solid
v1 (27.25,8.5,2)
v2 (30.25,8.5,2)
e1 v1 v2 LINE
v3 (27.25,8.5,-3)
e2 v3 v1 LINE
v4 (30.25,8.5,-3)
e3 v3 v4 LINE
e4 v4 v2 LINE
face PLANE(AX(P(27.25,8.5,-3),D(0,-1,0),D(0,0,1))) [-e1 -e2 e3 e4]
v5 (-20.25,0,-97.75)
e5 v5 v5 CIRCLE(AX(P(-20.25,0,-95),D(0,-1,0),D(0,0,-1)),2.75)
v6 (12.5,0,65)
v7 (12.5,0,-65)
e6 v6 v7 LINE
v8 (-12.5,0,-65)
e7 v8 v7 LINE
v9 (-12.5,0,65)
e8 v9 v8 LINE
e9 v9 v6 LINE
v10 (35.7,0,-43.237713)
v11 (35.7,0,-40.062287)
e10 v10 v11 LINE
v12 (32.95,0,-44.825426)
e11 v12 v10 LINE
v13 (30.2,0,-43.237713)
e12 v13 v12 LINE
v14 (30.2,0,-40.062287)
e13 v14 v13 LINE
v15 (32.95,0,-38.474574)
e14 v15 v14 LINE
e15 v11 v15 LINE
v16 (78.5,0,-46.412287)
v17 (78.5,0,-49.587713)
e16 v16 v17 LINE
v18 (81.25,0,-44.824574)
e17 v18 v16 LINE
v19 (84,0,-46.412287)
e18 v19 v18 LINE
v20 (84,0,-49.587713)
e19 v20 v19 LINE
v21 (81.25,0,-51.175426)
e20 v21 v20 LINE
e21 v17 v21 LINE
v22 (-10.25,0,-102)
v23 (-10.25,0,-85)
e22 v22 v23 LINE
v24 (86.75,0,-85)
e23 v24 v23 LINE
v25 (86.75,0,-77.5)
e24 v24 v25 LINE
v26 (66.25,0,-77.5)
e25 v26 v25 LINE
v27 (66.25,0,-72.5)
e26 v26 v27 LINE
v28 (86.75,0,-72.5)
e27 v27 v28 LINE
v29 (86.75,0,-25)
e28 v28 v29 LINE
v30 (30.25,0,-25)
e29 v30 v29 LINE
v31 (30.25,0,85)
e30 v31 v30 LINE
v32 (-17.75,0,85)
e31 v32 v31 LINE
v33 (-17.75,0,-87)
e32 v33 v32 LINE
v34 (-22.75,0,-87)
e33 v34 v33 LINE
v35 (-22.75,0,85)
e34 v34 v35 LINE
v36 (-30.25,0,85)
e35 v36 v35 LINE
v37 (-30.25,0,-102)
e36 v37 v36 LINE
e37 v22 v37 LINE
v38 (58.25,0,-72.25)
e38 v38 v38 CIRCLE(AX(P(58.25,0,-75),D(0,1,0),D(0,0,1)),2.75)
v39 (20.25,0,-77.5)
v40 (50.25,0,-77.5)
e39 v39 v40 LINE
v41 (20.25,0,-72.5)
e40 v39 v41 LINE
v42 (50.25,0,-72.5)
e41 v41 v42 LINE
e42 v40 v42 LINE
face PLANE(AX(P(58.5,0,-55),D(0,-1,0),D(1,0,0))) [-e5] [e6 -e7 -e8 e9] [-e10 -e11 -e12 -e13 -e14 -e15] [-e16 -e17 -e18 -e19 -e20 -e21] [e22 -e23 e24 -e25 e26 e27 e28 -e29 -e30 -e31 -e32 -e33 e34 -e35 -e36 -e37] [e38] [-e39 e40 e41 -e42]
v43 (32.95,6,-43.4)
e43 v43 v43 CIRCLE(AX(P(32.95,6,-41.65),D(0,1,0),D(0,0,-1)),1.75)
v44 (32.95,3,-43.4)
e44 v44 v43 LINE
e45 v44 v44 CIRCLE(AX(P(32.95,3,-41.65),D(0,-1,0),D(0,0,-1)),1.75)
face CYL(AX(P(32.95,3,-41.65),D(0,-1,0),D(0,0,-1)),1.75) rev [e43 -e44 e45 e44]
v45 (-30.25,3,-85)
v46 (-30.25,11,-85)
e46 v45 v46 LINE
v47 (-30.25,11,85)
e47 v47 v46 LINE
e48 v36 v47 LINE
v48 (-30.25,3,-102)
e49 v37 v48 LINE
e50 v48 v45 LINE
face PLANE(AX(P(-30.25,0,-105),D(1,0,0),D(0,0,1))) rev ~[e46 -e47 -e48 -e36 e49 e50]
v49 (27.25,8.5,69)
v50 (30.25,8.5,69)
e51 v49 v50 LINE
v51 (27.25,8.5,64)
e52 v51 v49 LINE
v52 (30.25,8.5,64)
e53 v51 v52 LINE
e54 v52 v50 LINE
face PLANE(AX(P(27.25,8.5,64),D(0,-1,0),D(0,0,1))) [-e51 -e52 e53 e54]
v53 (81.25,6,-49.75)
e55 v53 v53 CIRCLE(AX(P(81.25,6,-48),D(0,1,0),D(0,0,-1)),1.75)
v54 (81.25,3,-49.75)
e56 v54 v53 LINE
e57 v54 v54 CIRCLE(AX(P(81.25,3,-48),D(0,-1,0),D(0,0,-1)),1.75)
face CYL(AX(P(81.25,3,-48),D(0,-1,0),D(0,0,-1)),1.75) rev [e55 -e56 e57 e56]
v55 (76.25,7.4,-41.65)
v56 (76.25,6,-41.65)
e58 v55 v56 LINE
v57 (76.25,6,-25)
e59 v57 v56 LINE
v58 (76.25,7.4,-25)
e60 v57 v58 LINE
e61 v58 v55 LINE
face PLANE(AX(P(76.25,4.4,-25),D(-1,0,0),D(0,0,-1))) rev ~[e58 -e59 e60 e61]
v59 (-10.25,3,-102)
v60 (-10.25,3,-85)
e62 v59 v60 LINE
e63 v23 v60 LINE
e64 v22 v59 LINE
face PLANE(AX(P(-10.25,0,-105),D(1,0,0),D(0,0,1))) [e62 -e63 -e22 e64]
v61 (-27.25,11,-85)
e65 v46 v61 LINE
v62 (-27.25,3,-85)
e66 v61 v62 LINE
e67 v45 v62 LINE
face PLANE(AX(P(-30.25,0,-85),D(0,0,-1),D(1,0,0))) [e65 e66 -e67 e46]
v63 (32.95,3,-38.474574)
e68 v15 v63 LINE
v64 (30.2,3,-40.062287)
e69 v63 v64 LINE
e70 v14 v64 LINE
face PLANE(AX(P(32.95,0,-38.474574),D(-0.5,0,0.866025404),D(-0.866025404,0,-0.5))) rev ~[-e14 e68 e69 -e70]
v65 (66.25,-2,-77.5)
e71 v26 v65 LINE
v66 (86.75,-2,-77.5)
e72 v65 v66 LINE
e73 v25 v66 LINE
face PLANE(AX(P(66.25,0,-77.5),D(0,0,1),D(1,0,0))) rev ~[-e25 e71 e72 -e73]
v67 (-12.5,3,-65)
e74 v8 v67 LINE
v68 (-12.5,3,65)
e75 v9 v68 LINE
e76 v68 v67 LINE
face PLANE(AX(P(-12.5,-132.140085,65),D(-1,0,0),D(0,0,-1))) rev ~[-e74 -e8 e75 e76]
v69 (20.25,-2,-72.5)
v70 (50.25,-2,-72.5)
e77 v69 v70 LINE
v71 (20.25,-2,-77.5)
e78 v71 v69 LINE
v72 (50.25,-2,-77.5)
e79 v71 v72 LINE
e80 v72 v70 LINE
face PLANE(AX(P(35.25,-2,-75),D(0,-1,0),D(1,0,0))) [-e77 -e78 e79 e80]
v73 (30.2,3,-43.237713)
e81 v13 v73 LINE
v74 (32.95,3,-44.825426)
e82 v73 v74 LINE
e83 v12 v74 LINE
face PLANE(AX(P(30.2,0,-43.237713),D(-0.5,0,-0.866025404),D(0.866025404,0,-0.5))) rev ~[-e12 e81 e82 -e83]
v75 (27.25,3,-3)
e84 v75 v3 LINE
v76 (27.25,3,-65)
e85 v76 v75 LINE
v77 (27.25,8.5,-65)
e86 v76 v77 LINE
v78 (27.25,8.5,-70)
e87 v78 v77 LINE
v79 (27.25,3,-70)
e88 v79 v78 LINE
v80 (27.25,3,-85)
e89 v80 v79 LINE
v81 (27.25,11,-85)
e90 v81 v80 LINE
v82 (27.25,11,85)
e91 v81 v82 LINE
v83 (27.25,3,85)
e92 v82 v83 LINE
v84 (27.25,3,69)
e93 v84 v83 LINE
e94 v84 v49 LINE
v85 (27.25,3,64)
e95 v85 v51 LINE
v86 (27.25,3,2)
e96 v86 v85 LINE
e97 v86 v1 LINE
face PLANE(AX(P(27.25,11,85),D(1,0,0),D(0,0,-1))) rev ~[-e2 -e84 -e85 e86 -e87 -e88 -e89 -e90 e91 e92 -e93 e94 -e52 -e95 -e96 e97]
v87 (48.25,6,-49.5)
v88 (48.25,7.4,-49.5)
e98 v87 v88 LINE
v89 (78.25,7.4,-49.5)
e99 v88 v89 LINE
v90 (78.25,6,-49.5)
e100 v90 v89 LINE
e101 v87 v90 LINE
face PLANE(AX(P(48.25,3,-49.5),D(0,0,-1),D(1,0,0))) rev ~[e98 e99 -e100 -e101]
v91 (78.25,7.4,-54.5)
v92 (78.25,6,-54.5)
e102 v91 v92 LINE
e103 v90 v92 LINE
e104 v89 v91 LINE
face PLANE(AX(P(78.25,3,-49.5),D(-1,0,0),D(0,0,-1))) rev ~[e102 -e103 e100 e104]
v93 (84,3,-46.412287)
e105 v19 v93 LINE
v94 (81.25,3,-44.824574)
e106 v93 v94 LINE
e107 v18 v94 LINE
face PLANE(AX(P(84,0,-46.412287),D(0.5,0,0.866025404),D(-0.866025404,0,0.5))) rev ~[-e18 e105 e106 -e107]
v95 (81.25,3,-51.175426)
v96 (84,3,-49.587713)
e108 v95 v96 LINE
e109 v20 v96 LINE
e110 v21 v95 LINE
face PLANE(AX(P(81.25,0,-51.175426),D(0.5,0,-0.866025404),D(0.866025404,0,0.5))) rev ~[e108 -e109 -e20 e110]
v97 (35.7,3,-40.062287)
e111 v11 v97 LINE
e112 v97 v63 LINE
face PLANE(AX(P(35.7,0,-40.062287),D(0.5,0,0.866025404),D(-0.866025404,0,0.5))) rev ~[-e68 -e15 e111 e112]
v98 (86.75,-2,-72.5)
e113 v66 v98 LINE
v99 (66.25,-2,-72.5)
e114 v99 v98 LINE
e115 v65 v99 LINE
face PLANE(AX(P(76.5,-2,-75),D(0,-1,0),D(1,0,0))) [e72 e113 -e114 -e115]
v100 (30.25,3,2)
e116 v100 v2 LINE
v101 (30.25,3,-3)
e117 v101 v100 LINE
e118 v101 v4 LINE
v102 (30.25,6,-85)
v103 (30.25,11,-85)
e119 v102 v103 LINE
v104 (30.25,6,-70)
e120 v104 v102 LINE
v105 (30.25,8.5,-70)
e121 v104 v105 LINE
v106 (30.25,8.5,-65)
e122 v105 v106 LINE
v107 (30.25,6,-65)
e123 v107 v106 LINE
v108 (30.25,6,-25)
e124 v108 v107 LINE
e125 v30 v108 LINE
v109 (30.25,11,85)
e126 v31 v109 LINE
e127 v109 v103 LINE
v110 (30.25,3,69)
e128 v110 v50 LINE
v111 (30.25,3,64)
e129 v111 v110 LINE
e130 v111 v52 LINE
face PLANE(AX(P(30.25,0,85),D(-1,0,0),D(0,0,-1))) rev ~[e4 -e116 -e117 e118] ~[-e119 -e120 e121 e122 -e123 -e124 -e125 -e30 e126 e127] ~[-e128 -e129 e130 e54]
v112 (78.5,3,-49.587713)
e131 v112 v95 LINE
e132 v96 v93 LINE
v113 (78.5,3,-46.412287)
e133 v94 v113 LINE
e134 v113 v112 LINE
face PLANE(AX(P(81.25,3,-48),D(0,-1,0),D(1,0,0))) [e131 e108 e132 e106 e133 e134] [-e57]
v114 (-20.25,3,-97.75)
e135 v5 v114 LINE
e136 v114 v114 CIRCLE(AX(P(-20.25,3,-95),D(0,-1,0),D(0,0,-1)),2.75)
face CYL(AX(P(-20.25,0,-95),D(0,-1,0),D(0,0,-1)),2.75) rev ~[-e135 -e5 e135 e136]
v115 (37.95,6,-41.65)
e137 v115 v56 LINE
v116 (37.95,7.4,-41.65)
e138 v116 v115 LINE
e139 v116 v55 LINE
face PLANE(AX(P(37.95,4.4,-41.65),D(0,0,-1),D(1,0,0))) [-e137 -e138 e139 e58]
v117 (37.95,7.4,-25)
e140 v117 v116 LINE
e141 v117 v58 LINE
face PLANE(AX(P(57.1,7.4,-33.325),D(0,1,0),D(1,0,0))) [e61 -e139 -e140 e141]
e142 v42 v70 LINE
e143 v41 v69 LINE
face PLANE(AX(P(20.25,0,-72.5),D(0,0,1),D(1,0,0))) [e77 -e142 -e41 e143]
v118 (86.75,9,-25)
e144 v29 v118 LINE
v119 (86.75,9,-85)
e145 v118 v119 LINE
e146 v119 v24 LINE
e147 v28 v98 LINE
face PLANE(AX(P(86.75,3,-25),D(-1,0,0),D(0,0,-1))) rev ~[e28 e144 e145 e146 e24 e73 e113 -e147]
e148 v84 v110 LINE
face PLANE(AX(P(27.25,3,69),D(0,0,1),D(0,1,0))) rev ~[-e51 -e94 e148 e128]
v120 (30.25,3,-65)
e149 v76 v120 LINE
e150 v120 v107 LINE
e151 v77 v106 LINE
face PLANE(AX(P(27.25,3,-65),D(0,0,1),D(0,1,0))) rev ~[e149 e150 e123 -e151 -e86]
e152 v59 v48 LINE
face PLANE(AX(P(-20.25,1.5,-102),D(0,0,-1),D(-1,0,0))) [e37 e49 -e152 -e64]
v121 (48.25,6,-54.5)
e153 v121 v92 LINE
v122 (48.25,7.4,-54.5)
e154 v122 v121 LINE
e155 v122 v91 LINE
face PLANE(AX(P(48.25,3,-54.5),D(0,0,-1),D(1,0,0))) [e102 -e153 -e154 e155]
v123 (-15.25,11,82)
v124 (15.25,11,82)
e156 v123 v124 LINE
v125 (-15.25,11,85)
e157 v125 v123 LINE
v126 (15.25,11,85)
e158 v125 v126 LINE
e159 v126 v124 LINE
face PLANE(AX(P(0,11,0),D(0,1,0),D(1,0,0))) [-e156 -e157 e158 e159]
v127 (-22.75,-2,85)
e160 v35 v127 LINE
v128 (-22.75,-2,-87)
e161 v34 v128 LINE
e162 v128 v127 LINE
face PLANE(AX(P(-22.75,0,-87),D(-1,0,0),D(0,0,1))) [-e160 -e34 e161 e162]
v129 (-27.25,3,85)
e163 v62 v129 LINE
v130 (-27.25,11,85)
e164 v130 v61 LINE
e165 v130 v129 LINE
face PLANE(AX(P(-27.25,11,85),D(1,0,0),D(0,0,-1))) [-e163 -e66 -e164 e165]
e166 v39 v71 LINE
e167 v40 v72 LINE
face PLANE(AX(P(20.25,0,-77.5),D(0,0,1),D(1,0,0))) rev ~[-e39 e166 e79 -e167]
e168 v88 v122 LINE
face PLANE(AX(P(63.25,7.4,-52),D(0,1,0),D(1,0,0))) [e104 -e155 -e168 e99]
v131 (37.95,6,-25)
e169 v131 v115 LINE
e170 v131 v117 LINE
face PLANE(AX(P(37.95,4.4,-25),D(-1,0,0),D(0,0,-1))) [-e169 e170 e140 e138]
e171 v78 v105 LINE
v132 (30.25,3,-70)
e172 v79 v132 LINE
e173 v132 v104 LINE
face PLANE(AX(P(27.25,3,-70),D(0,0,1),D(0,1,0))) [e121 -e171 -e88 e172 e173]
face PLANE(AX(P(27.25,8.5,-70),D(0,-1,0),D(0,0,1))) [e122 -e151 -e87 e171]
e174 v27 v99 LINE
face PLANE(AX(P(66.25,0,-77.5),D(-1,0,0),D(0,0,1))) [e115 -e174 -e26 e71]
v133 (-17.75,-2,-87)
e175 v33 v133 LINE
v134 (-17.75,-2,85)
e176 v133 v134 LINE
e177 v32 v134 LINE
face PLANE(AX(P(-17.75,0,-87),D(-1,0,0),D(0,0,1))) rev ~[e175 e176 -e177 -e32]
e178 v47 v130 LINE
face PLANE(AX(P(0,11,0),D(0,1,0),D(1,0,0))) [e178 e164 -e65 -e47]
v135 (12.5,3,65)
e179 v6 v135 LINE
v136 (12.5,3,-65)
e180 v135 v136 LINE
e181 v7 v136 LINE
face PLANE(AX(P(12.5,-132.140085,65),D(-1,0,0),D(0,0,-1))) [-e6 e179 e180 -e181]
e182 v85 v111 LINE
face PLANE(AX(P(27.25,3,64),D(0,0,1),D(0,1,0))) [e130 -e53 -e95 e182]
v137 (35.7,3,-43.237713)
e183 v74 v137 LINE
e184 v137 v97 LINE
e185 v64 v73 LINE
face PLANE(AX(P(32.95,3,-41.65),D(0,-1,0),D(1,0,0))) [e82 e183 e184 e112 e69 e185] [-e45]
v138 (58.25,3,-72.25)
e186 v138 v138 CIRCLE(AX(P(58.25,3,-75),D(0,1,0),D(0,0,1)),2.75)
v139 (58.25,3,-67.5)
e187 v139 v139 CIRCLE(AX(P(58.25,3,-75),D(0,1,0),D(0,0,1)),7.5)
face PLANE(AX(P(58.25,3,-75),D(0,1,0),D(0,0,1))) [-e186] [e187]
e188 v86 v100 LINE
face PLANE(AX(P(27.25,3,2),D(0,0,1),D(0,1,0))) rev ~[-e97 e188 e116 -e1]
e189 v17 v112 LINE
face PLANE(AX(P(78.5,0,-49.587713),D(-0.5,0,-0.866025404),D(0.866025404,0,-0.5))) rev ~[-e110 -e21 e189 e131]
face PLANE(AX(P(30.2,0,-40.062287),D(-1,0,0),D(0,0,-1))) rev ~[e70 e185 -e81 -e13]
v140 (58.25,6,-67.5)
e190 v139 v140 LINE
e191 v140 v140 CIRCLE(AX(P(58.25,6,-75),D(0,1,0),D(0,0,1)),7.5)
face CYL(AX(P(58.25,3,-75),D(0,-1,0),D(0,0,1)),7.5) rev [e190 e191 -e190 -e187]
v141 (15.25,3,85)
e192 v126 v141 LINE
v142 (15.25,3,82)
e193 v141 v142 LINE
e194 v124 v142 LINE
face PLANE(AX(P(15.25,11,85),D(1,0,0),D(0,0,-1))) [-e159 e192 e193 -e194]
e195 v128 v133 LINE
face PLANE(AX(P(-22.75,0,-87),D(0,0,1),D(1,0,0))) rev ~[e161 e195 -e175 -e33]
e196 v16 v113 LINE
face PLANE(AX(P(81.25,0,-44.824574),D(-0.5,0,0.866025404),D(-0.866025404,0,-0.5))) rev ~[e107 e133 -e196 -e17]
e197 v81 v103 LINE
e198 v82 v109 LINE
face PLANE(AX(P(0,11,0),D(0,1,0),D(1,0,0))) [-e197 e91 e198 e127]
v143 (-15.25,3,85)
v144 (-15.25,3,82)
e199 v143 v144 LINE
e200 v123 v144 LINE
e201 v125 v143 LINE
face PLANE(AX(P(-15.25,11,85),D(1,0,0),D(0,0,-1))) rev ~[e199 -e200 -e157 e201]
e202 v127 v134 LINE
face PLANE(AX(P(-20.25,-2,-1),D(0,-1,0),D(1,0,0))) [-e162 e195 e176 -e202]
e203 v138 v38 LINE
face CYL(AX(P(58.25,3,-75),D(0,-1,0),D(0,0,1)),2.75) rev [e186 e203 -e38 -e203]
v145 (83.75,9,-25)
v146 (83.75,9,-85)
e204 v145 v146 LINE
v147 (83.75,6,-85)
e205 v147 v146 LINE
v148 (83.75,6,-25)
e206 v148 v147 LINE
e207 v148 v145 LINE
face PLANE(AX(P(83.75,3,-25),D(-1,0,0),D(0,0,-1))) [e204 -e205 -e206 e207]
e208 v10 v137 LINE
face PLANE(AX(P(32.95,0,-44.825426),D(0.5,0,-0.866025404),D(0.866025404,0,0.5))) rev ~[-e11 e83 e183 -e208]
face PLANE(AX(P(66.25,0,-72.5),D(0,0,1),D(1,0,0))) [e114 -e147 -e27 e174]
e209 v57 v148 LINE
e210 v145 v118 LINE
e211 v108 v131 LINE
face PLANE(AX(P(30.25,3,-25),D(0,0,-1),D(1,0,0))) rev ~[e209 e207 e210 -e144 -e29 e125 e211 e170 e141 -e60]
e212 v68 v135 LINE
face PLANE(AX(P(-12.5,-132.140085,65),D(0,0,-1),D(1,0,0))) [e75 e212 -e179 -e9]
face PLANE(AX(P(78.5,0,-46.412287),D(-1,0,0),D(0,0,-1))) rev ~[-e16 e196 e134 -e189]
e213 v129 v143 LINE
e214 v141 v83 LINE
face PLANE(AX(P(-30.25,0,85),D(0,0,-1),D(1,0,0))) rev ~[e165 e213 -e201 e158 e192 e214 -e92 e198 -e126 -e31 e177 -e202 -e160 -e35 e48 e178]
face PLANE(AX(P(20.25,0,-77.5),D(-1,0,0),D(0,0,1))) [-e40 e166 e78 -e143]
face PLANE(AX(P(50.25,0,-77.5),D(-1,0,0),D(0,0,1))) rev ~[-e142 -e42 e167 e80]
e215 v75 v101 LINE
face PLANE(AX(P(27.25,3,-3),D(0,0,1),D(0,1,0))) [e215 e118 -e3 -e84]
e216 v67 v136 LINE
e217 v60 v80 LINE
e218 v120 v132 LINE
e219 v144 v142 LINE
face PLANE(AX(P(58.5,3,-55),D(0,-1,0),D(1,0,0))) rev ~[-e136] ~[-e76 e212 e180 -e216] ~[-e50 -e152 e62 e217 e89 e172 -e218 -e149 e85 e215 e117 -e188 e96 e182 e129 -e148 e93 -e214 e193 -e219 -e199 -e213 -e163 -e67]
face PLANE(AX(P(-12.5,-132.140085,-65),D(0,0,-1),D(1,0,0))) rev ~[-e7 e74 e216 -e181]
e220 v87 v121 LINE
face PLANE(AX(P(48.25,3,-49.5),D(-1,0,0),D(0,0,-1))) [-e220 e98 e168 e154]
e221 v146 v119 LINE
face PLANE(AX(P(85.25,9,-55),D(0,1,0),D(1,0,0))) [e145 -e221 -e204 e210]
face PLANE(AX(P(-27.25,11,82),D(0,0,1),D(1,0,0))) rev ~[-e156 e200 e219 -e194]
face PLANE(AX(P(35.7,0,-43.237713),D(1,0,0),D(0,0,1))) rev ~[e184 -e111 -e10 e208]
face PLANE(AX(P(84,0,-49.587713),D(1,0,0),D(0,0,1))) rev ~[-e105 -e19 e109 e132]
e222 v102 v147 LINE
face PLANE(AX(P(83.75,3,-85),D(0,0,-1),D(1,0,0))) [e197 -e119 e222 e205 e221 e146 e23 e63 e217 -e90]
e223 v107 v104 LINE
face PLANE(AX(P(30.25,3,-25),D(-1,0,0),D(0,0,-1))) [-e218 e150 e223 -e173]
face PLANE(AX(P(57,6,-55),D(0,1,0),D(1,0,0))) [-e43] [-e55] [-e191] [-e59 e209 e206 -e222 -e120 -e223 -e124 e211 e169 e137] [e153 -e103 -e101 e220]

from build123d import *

# Parameters (mm, degrees)
SKETCH1_W               = 60.5
SKETCH1_H               = 170
BOSS_EXTRUDE1_DEPTH     = 11
SKETCH2_W               = 54.5
SKETCH2_H               = 167
CUT_EXTRUDE1_DEPTH      = 8
SKETCH3_W               = 12
SKETCH3_H               = 3
CUT_EXTRUDE2_DEPTH      = 8
SKETCH4_W               = 20
SKETCH4_H               = 20
SKETCH4_R               = 2.75
BOSS_EXTRUDE3_DEPTH     = 3
SKETCH5_W               = 5
SKETCH5_H               = 5.5
CUT_EXTRUDE3_DEPTH      = 16
SKETCH7_W               = 56.5
SKETCH7_H               = 60
SKETCH7_R               = 1.75
BOSS_EXTRUDE7_DEPTH     = 3
SKETCH9_W               = 38.3
SKETCH9_H               = 16.65
SKETCH9_W_2             = 30
SKETCH9_H_2             = 5
BOSS_EXTRUDE8_DEPTH     = 1.4
SKETCH10_W              = 3
SKETCH10_H              = 60
BOSS_EXTRUDE9_DEPTH     = 6
SKETCH12_R              = 2.75
CUT_EXTRUDE4_DEPTH      = 3
SKETCH13_W              = 20.5
SKETCH13_H              = 5
SKETCH13_W_2            = 30
SKETCH13_W_3            = 5
SKETCH13_H_2            = 172
BOSS_EXTRUDE10_DEPTH    = 2
SKETCH14_W              = 38.3
SKETCH14_H              = 16.65
SKETCH14_W_2            = 30
SKETCH14_H_2            = 5
BOSS_EXTRUDE11_DEPTH    = 3
SKETCH15_W              = 53.5
SKETCH15_H              = 60
SKETCH15_R              = 1.75
SKETCH15_R_2            = 2.75
BOSS_EXTRUDE12_DEPTH    = 3
SKETCH16_R              = 1.75
CUT_EXTRUDE5_DEPTH      = 3
CUT_EXTRUDE6_START      = -3
SKETCH17_R              = 7.5
SKETCH17_R_2            = 2.75
CUT_EXTRUDE6_DEPTH      = 3
SKETCH18_W              = 20
SKETCH18_H              = 3
CUT_EXTRUDE7_DEPTH      = 3
CUT_EXTRUDE8_DEPTH      = 135.140085359
CUT_EXTRUDE8_DEPTH_BACK = 135.140085359
SKETCH19_W              = 25
SKETCH19_H              = 130


with BuildPart() as part:
    # Sketch1 → Boss-Extrude1 (new body)
    with BuildSketch(Plane(origin=(0, 0, 0), x_dir=(1, 0, 0), z_dir=(0, 1, 0))):
        Rectangle(SKETCH1_W, SKETCH1_H)
    extrude(amount=BOSS_EXTRUDE1_DEPTH)

    # Sketch2 → Cut-Extrude1 (cut)
    with BuildSketch(Plane(origin=(0, 11, 0), x_dir=(1, 0, 0), z_dir=(0, 1, 0))):
        with Locations((0, 1.5)):
            Rectangle(SKETCH2_W, SKETCH2_H)
    extrude(amount=-CUT_EXTRUDE1_DEPTH, mode=Mode.SUBTRACT)

    # Sketch3 → Cut-Extrude2 (cut)
    with BuildSketch(Plane(origin=(0, 11, 0), x_dir=(1, 0, 0), z_dir=(0, 1, 0))):
        with Locations((-21.25, -83.5)):
            Rectangle(SKETCH3_W, SKETCH3_H)
        with Locations((21.25, -83.5)):
            Rectangle(SKETCH3_W, SKETCH3_H)
    extrude(amount=-CUT_EXTRUDE2_DEPTH, mode=Mode.SUBTRACT)

    # Sketch4 → Boss-Extrude3 (add)
    with BuildSketch(Plane.XZ):
        with Locations((-20.25, -95)):
            Rectangle(SKETCH4_W, SKETCH4_H)
        with Locations(Location((-20.25, -95, 0), (0, 0, 270))):
            Circle(SKETCH4_R, mode=Mode.SUBTRACT)
    extrude(amount=-BOSS_EXTRUDE3_DEPTH)

    # Sketch5 → Cut-Extrude3 (cut)
    with BuildSketch(Plane.ZY.offset(-27.25)):
        with Locations((66.5, 5.75)):
            Rectangle(SKETCH5_W, SKETCH5_H)
        with Locations((-0.5, 5.75)):
            Rectangle(SKETCH5_W, SKETCH5_H)
        with Locations((-67.5, 5.75)):
            Rectangle(SKETCH5_W, SKETCH5_H)
    extrude(amount=-CUT_EXTRUDE3_DEPTH, mode=Mode.SUBTRACT)

    # Sketch7 → Boss-Extrude7 (add)
    with BuildSketch(Plane.XZ):
        with Locations((58.5, -55)):
            Rectangle(SKETCH7_W, SKETCH7_H)
        with Locations(Location((81.25, -48, 0), (0, 0, 270))):
            Circle(SKETCH7_R, mode=Mode.SUBTRACT)
        with Locations(Location((32.95, -41.65, 0), (0, 0, 270))):
            Circle(SKETCH7_R, mode=Mode.SUBTRACT)
    extrude(amount=-BOSS_EXTRUDE7_DEPTH)

    # Sketch9 → Boss-Extrude8 (add)
    with BuildSketch(Plane(origin=(0, 3, 0), x_dir=(1, 0, 0), z_dir=(0, 1, 0))):
        with Locations((57.1, 33.325)):
            Rectangle(SKETCH9_W, SKETCH9_H)
        with Locations((63.25, 52)):
            Rectangle(SKETCH9_W_2, SKETCH9_H_2)
    extrude(amount=BOSS_EXTRUDE8_DEPTH)

    # Sketch10 → Boss-Extrude9 (add)
    with BuildSketch(Plane(origin=(0, 3, 0), x_dir=(1, 0, 0), z_dir=(0, 1, 0))):
        with Locations((85.25, 55)):
            Rectangle(SKETCH10_W, SKETCH10_H)
    extrude(amount=BOSS_EXTRUDE9_DEPTH)

    # Sketch12 → Cut-Extrude4 (cut)
    with BuildSketch(Plane(origin=(0, 3, 0), x_dir=(1, 0, 0), z_dir=(0, 1, 0))):
        with Locations(Location((58.25, 75, 0), (0, 0, 270))):
            Circle(SKETCH12_R)
    extrude(amount=-CUT_EXTRUDE4_DEPTH, mode=Mode.SUBTRACT)

    # Sketch13 → Boss-Extrude10 (add)
    with BuildSketch(Plane.XZ):
        with Locations((76.5, -75)):
            Rectangle(SKETCH13_W, SKETCH13_H)
        with Locations((35.25, -75)):
            Rectangle(SKETCH13_W_2, SKETCH13_H)
        with Locations((-20.25, -1)):
            Rectangle(SKETCH13_W_3, SKETCH13_H_2)
    extrude(amount=BOSS_EXTRUDE10_DEPTH)

    # Sketch14 → Boss-Extrude11 (add)
    with BuildSketch(Plane(origin=(0, 4.4, 0), x_dir=(1, 0, 0), z_dir=(0, 1, 0))):
        with Locations((57.1, 33.325)):
            Rectangle(SKETCH14_W, SKETCH14_H)
        with Locations((63.25, 52)):
            Rectangle(SKETCH14_W_2, SKETCH14_H_2)
    extrude(amount=BOSS_EXTRUDE11_DEPTH)

    # Sketch15 → Boss-Extrude12 (add)
    with BuildSketch(Plane(origin=(0, 3, 0), x_dir=(1, 0, 0), z_dir=(0, 1, 0))):
        with Locations((57, 55)):
            Rectangle(SKETCH15_W, SKETCH15_H)
        with Locations(Location((32.95, 41.65, 0), (0, 0, 90))):
            Circle(SKETCH15_R, mode=Mode.SUBTRACT)
        with Locations(Location((81.25, 48, 0), (0, 0, 90))):
            Circle(SKETCH15_R, mode=Mode.SUBTRACT)
        with Locations(Location((58.25, 75, 0), (0, 0, 270))):
            Circle(SKETCH15_R_2, mode=Mode.SUBTRACT)
    extrude(amount=BOSS_EXTRUDE12_DEPTH)

    # Sketch16 → Cut-Extrude5 (cut)
    # profile 1 of 2: a face of its own
    with BuildSketch(Plane.XZ):
        Polygon((81.25, -44.824573519), (78.5, -46.41228676), (78.5, -49.58771324), (81.25, -51.175426481), (84, -49.58771324), (84, -46.41228676), align=None)
        with Locations(Location((81.25, -48, 0), (0, 0, 270))):
            Circle(SKETCH16_R, mode=Mode.SUBTRACT)
    # profile 2 of 2: a face of its own
    with BuildSketch(Plane.XZ):
        Polygon((32.95, -38.474573519), (30.2, -40.06228676), (30.2, -43.23771324), (32.95, -44.825426481), (35.7, -43.23771324), (35.7, -40.06228676), align=None)
        with Locations(Location((32.95, -41.65, 0), (0, 0, 270))):
            Circle(SKETCH16_R, mode=Mode.SUBTRACT)
    extrude(amount=-CUT_EXTRUDE5_DEPTH, mode=Mode.SUBTRACT)

    # Sketch17 → Cut-Extrude6 (cut)
    with BuildSketch(Plane(origin=(0, 6, 0), x_dir=(1, 0, 0), z_dir=(0, 1, 0)).offset(CUT_EXTRUDE6_START)):
        with Locations(Location((58.25, 75, 0), (0, 0, 270))):
            Circle(SKETCH17_R)
        with Locations(Location((58.25, 75, 0), (0, 0, 270))):
            Circle(SKETCH17_R_2, mode=Mode.SUBTRACT)
    extrude(amount=CUT_EXTRUDE6_DEPTH, mode=Mode.SUBTRACT)

    # Sketch18 → Cut-Extrude7 (cut)
    with BuildSketch(Plane(origin=(0, 0, -105), x_dir=(-1, 0, 0), z_dir=(0, 0, -1))):
        with Locations((20.25, 1.5)):
            Rectangle(SKETCH18_W, SKETCH18_H)
    extrude(amount=-CUT_EXTRUDE7_DEPTH, mode=Mode.SUBTRACT)

    # Sketch19 → Cut-Extrude8 (cut, two sides: drawn at the far end of the back side and taken through both)
    with BuildSketch(Plane(origin=(0, 3, 0), x_dir=(1, 0, 0), z_dir=(0, 1, 0)).offset(-CUT_EXTRUDE8_DEPTH_BACK)):
        Rectangle(SKETCH19_W, SKETCH19_H)
    extrude(amount=CUT_EXTRUDE8_DEPTH + CUT_EXTRUDE8_DEPTH_BACK, mode=Mode.SUBTRACT)


solid = part.part
